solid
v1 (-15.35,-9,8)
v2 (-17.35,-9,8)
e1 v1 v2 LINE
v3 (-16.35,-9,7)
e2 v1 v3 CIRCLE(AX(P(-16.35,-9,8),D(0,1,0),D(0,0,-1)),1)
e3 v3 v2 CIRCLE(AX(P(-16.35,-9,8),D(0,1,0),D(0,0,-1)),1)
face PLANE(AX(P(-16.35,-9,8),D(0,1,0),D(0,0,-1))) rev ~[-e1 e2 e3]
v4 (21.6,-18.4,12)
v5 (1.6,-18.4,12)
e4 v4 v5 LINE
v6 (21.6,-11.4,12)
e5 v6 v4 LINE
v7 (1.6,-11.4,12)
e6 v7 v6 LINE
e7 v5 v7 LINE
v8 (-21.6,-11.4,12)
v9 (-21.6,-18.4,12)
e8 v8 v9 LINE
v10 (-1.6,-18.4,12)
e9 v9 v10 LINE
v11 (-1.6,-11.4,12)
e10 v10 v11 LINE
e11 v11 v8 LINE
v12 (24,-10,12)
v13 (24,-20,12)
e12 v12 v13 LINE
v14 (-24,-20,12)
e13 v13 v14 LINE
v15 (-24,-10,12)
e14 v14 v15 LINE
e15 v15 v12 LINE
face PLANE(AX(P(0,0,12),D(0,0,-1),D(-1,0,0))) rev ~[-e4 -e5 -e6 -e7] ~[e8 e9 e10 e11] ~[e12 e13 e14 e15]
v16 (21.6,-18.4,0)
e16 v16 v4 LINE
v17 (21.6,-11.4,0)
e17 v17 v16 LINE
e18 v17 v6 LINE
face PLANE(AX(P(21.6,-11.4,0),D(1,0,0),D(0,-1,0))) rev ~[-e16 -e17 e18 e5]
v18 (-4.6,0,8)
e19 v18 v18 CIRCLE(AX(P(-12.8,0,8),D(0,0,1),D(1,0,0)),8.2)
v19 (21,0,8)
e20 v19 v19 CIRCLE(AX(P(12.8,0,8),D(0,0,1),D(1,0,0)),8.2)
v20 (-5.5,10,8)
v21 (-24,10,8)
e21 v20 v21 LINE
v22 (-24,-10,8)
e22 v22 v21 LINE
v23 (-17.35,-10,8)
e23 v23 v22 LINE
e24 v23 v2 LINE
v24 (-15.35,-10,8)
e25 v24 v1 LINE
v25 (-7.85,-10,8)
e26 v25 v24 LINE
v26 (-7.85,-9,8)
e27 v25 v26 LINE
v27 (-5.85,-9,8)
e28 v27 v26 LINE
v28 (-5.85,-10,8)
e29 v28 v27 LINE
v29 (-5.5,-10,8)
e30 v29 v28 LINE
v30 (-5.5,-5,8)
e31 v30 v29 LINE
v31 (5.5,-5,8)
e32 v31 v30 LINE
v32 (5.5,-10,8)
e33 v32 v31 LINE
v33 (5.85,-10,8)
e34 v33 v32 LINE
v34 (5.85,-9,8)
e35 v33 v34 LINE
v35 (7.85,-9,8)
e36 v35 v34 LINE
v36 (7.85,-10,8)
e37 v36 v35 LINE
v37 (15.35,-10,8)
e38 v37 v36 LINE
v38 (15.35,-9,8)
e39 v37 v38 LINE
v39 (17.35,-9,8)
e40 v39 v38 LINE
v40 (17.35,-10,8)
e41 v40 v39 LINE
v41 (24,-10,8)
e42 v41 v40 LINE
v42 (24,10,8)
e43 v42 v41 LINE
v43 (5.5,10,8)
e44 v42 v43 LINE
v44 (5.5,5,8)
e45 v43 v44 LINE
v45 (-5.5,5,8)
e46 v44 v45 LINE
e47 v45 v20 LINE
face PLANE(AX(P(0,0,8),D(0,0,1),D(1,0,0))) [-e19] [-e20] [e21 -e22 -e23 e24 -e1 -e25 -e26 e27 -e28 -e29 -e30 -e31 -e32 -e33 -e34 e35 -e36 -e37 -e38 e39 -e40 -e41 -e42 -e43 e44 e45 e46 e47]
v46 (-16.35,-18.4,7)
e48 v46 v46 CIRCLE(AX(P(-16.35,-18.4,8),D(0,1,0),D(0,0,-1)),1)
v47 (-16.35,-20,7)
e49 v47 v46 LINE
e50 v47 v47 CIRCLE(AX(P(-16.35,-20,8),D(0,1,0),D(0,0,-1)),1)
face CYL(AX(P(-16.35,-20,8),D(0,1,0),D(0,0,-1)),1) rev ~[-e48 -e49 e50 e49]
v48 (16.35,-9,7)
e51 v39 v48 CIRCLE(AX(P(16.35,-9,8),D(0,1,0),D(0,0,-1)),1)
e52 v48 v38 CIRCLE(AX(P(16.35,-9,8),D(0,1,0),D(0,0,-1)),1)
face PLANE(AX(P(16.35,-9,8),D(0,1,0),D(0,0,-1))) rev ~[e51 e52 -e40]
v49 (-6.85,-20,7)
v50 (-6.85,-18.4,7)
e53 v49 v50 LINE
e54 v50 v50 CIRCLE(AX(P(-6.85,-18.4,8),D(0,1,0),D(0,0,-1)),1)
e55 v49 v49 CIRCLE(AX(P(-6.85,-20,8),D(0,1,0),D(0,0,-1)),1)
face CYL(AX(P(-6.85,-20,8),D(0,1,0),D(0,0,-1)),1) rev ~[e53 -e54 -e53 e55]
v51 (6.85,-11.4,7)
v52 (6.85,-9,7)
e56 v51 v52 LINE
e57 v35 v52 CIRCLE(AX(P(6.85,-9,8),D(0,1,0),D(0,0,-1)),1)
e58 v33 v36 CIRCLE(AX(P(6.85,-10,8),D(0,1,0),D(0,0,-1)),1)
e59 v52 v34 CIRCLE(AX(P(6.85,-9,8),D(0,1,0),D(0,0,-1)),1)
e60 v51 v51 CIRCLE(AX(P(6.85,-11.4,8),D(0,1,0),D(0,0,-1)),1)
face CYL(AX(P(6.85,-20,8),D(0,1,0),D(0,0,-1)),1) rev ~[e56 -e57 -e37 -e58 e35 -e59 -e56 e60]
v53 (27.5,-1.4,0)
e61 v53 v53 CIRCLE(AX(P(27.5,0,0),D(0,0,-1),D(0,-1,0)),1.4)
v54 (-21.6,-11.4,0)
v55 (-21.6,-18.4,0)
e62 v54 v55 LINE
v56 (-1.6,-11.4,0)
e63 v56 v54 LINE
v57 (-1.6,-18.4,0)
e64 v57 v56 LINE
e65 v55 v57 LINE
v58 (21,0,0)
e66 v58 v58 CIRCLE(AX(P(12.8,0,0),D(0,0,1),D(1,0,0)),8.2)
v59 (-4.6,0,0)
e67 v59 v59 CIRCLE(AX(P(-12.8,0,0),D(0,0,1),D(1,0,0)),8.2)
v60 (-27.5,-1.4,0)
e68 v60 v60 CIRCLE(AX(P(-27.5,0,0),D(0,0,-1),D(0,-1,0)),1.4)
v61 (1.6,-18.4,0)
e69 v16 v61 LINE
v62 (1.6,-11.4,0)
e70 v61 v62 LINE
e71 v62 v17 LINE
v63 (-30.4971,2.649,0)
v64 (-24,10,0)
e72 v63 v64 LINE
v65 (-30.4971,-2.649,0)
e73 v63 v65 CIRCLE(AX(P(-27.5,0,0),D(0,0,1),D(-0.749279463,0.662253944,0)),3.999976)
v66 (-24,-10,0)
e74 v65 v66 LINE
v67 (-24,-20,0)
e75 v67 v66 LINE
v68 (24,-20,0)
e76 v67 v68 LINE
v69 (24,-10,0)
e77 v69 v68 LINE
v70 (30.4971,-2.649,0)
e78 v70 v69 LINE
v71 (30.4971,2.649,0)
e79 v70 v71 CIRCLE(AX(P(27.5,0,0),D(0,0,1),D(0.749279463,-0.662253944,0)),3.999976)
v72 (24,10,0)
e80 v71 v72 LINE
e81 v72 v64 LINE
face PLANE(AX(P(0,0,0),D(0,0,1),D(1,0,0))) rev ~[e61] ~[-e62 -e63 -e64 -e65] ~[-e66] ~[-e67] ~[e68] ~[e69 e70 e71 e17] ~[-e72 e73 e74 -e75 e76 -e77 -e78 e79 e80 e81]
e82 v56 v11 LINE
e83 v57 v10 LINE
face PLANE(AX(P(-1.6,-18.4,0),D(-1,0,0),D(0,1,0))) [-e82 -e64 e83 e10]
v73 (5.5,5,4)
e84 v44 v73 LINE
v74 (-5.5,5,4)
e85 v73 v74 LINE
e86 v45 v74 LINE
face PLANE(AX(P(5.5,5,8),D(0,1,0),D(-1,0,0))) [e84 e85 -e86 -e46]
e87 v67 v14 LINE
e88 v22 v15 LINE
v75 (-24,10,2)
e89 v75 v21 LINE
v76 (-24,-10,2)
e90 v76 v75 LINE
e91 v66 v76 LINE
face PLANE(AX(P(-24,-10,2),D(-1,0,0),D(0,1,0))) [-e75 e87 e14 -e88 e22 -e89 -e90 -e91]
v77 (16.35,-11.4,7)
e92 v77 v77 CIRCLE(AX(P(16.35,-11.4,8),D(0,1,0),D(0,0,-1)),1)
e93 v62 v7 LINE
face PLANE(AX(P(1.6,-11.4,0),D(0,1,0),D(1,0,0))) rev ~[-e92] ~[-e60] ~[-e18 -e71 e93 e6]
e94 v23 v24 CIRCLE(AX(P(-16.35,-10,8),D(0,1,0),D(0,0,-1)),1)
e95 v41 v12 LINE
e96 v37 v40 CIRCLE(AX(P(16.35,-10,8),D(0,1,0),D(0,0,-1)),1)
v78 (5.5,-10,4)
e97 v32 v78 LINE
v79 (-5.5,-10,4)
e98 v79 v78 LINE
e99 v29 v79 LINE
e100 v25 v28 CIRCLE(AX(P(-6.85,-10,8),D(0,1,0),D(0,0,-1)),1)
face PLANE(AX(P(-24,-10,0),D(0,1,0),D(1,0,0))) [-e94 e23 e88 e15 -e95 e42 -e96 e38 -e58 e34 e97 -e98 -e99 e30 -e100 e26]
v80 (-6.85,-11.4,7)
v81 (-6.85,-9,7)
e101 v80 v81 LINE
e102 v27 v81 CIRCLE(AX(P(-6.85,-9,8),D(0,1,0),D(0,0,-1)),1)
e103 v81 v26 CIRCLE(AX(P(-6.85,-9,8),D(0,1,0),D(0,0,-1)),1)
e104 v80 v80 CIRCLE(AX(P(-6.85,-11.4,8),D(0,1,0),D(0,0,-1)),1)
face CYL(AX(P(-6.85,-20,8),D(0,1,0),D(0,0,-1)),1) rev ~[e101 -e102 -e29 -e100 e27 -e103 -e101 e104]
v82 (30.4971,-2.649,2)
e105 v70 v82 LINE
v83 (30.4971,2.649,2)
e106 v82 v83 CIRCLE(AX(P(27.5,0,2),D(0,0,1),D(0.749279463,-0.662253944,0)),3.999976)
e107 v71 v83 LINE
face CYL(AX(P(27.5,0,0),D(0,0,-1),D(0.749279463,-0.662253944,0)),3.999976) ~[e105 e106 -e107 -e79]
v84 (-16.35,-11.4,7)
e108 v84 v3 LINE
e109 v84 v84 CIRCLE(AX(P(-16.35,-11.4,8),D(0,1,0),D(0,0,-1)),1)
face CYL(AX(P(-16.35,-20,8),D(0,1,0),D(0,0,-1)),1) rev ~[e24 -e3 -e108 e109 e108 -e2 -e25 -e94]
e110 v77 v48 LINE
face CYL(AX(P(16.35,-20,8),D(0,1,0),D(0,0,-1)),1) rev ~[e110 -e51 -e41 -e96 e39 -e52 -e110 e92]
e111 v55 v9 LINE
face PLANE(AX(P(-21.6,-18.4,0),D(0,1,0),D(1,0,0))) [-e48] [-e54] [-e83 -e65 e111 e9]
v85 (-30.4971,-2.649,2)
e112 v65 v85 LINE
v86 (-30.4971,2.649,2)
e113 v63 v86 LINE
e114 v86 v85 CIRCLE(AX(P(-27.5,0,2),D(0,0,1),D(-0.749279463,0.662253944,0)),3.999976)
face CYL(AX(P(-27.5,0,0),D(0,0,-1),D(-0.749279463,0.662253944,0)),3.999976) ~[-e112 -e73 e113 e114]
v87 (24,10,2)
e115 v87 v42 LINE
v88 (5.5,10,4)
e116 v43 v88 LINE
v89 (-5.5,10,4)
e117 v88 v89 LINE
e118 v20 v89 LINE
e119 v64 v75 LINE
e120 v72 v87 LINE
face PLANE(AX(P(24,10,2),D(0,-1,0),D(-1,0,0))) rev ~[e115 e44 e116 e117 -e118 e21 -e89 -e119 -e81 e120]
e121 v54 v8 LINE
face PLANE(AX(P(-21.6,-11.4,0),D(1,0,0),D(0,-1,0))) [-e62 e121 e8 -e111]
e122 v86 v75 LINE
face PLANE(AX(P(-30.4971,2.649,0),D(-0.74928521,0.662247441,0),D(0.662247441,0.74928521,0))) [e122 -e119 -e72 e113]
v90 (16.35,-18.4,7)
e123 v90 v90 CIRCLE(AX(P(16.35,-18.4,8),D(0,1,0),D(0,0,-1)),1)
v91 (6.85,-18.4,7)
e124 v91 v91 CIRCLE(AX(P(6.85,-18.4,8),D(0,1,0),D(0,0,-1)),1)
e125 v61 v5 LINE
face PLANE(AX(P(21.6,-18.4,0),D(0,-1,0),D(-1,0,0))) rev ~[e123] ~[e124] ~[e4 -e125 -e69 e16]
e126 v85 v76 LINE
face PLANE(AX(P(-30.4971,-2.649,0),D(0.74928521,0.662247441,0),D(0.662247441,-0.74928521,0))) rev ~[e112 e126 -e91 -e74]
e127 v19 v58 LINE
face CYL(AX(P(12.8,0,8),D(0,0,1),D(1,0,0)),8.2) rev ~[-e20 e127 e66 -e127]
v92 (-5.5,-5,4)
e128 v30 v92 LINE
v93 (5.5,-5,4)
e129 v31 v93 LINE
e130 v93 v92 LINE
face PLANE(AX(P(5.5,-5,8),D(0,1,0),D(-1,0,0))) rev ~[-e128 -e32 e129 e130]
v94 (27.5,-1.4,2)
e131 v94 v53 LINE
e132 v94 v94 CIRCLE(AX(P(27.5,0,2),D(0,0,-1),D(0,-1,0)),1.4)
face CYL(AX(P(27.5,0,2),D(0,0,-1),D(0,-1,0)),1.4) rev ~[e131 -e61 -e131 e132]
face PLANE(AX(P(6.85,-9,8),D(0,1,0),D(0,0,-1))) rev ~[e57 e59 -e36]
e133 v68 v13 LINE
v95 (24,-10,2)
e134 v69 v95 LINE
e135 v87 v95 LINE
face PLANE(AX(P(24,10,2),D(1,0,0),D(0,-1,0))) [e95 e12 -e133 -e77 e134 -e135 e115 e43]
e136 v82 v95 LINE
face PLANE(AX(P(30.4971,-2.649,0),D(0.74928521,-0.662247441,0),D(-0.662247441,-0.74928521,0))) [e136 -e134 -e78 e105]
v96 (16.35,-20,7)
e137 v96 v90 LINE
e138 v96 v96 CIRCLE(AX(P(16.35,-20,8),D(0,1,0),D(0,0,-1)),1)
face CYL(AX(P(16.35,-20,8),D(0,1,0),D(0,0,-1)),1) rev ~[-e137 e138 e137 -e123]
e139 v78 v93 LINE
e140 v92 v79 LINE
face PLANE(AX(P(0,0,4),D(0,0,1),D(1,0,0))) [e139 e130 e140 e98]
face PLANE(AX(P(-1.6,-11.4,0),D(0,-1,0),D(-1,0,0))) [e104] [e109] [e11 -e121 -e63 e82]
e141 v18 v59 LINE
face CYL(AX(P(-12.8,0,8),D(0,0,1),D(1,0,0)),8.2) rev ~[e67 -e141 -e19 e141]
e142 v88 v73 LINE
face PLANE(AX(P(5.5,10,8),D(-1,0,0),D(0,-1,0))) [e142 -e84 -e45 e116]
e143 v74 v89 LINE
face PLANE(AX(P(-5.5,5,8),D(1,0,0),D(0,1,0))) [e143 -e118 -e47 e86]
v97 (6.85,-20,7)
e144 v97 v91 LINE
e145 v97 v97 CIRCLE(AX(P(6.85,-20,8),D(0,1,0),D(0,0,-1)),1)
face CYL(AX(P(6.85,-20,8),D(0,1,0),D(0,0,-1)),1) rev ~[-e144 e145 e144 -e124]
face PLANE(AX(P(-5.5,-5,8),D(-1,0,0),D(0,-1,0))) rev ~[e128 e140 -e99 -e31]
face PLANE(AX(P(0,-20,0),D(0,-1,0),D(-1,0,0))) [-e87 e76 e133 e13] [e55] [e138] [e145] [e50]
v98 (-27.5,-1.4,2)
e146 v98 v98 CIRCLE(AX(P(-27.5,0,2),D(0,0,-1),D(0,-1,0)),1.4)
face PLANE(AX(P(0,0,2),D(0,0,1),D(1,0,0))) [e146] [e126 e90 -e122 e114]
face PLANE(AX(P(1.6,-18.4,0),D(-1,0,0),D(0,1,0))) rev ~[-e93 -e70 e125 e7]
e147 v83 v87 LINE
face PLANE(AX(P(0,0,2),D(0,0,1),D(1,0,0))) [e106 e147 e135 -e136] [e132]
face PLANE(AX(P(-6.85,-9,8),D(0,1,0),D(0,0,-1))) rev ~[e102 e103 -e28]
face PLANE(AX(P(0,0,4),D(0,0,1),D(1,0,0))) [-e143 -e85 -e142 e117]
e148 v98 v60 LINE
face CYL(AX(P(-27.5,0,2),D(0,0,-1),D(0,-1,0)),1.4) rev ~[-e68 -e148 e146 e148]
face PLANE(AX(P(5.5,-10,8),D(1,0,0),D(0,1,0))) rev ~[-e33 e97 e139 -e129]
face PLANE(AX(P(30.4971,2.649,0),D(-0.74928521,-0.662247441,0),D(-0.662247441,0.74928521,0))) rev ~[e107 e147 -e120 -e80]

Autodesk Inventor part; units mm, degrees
ref_plane "YZ Plane" through (0, 0, 0) normal (1, 0, 0) x (0, 1, 0)
ref_plane "XZ Plane" through (0, 0, 0) normal (0, 1, 0) x (-1, 0, 0)
ref_plane "XY Plane" through (0, 0, 0) normal (0, 0, 1) x (1, 0, 0)
sketch "Эскиз1" plane through (0, 0, 0) normal (0, 0, 1) x (1, 0, 0)
  line L0 (-24, 10) -> (24, 10)
  line L1 (24, 10) -> (24, -10) construction
  line L2 (24, -10) -> (-24, -10)
  line L3 (-24, -10) -> (-24, 10) construction
  line L4 (0, 10) -> (0, -10)
  arc A0 (-30.4971, 2.649) -> (-30.4971, -2.649) centre (-27.5, 0) ccw
  line L5 (-30.4971, 2.649) -> (-24, 10)
  line L6 (-30.4971, -2.649) -> (-24, -10)
  arc A1 (30.4971, -2.649) -> (30.4971, 2.649) centre (27.5, 0) ccw
  line L7 (30.4971, 2.649) -> (24, 10)
  line L8 (30.4971, -2.649) -> (24, -10)
  point P0 (0, 0)
  point P1 (0, 0)
  dimension "d0" = 20
  dimension "d1" = 48
  dimension "d2" = 4
  dimension "d3" = 55
extrude "Выдавливание1" add sketch "Эскиз1" along normal blind 2
sketch "Эскиз2" plane through (0, 0, 2) normal (0, 0, 1) x (1, 0, 0)
  line L0 (24, 10) -> (-24, 10) projected
  line L1 (24, -10) -> (30.4971, -2.649) projected
  line L2 (-24, 10) -> (24, 10)
  line L3 (24, 10) -> (24, -10)
  line L4 (24, -10) -> (-24, -10)
  line L5 (-24, -10) -> (-24, 10)
  point P0 (0, 0)
extrude "Выдавливание2" add sketch "Эскиз2" along normal blind 6
sketch "Эскиз3" plane through (0, 0, 8) normal (0, 0, 1) x (1, 0, 0)
  circle A0 centre (-12.8, 0) radius 8.2
  circle A1 centre (12.8, 0) radius 8.2
  line L0 (-24, -10) -> (24, -10) projected
  line L1 (0, -10) -> (0, 10)
  line L2 (24, 10) -> (-24, 10) projected
  point P0 (0, 0)
  dimension "d8" = 25.6
  dimension "d9" = 16.4
extrude "Выдавливание3" cut sketch "Эскиз3" against normal through all
sketch "Эскиз4" plane through (0, 0, 8) normal (0, 0, 1) x (1, 0, 0)
  line L0 (24, 10) -> (-24, 10) projected
  line L1 (-5.5, 10) -> (5.5, 10)
  line L2 (5.5, 10) -> (5.5, 5)
  line L3 (5.5, 5) -> (-5.5, 5)
  line L4 (-5.5, 5) -> (-5.5, 10)
  line L5 (-24, 10) -> (-24, -10) construction
  line L6 (-24, 0) -> (24, 0)
  line L7 (24, -10) -> (24, 10) construction
  line L8 (-5.5, -10) -> (5.5, -10)
  line L9 (5.5, -10) -> (5.5, -5)
  line L10 (5.5, -5) -> (-5.5, -5)
  line L11 (-5.5, -5) -> (-5.5, -10)
  point P0 (0, 0)
  point P1 (0, 0)
  point P2 (0, 5)
  point P3 (0, -5)
  dimension "d12" = 5
  dimension "d13" = 11
extrude "Выдавливание4" cut sketch "Эскиз4" against normal blind 4
sketch "Эскиз5" plane through (0, 0, 2) normal (0, 0, 1) x (1, 0, 0)
  arc A0 (-30.4971, 2.649) -> (-30.4971, -2.649) centre (-27.5, 0) ccw projected
  arc A1 (30.4971, -2.649) -> (30.4971, 2.649) centre (27.5, 0) ccw projected
  point P0 (0, 0)
  point P1 (27.5, 0)
hole "Отверстие1" at (-27.5, 0, 2) at (27.5, 0, 2) direction (0, 0, -1) diameter 2.8 end through all
sketch "Эскиз6" plane through (0, 0, 0) normal (0, 0, -1) x (-1, 0, 0)
  line L0 (24, -10) -> (-24, -10) projected
  line L1 (24, -10) -> (-24, -10)
  line L2 (-24, -10) -> (-24, -20)
  line L3 (-24, -20) -> (24, -20)
  line L4 (24, -20) -> (24, -10)
  line L5 (-5.5, -10) -> (5.5, -10) projected
  line L6 (0, -20) -> (0, -10)
  line L7 (21.6, -18.4) -> (1.6, -18.4)
  line L8 (1.6, -18.4) -> (1.6, -11.4)
  line L9 (1.6, -11.4) -> (21.6, -11.4)
  line L10 (21.6, -11.4) -> (21.6, -18.4)
  line L11 (-1.6, -11.4) -> (-21.6, -11.4)
  line L12 (-21.6, -11.4) -> (-21.6, -18.4)
  line L13 (-21.6, -18.4) -> (-1.6, -18.4)
  line L14 (-1.6, -18.4) -> (-1.6, -11.4)
  point P0 (0, 0)
  point P1 (0, -10)
  dimension "d25" = 10
  dimension "d26" = 48
  dimension "d41" = 20
  dimension "d42" = 7
  dimension "d43" = 1.6
  dimension "d44" = 3.2
extrude "Выдавливание5" add sketch "Эскиз6" against normal blind 12
sketch "Эскиз7" plane through (-24, -20, 0) normal (0, -1, 0) x (1, 0, 0)
  line L0 (24, 0) -> (24, 12)
  line L1 (48, 0) -> (0, 0) projected
  line L2 (48, 0) -> (0, 0) projected
  line L3 (48, 0) -> (48, 12) projected
  line L4 (0, 12) -> (48, 12) projected
  line L5 (0, 0) -> (0, 12) projected
  line L6 (45.6, 0) -> (25.6, 0) projected
  line L7 (45.6, 0) -> (45.6, 12) projected
  line L8 (25.6, 12) -> (45.6, 12) projected
  line L9 (25.6, 0) -> (25.6, 12) projected
  line L10 (22.4, 0) -> (2.4, 0) projected
  line L11 (22.4, 0) -> (22.4, 12) projected
  line L12 (2.4, 12) -> (22.4, 12) projected
  line L13 (2.4, 0) -> (2.4, 12) projected
  line L14 (0, 12) -> (48, 12) projected
  line L15 (12.4, 12) -> (12.4, 0)
  line L16 (45, 0) -> (28.6, 0) projected
  line L17 (35.6, 0) -> (35.6, 12)
  point P0 (7.65, 8)
  point P1 (17.15, 8)
  point P2 (30.85, 8)
  point P3 (40.35, 8)
  dimension "d46" = 9.5
  dimension "d47" = 8
hole "Отверстие2" at (-16.35, -20, 8) at (-6.85, -20, 8) at (6.85, -20, 8) at (16.35, -20, 8) direction (0, 1, 0) diameter 2 depth 11
properties part number "FrontSensor"
